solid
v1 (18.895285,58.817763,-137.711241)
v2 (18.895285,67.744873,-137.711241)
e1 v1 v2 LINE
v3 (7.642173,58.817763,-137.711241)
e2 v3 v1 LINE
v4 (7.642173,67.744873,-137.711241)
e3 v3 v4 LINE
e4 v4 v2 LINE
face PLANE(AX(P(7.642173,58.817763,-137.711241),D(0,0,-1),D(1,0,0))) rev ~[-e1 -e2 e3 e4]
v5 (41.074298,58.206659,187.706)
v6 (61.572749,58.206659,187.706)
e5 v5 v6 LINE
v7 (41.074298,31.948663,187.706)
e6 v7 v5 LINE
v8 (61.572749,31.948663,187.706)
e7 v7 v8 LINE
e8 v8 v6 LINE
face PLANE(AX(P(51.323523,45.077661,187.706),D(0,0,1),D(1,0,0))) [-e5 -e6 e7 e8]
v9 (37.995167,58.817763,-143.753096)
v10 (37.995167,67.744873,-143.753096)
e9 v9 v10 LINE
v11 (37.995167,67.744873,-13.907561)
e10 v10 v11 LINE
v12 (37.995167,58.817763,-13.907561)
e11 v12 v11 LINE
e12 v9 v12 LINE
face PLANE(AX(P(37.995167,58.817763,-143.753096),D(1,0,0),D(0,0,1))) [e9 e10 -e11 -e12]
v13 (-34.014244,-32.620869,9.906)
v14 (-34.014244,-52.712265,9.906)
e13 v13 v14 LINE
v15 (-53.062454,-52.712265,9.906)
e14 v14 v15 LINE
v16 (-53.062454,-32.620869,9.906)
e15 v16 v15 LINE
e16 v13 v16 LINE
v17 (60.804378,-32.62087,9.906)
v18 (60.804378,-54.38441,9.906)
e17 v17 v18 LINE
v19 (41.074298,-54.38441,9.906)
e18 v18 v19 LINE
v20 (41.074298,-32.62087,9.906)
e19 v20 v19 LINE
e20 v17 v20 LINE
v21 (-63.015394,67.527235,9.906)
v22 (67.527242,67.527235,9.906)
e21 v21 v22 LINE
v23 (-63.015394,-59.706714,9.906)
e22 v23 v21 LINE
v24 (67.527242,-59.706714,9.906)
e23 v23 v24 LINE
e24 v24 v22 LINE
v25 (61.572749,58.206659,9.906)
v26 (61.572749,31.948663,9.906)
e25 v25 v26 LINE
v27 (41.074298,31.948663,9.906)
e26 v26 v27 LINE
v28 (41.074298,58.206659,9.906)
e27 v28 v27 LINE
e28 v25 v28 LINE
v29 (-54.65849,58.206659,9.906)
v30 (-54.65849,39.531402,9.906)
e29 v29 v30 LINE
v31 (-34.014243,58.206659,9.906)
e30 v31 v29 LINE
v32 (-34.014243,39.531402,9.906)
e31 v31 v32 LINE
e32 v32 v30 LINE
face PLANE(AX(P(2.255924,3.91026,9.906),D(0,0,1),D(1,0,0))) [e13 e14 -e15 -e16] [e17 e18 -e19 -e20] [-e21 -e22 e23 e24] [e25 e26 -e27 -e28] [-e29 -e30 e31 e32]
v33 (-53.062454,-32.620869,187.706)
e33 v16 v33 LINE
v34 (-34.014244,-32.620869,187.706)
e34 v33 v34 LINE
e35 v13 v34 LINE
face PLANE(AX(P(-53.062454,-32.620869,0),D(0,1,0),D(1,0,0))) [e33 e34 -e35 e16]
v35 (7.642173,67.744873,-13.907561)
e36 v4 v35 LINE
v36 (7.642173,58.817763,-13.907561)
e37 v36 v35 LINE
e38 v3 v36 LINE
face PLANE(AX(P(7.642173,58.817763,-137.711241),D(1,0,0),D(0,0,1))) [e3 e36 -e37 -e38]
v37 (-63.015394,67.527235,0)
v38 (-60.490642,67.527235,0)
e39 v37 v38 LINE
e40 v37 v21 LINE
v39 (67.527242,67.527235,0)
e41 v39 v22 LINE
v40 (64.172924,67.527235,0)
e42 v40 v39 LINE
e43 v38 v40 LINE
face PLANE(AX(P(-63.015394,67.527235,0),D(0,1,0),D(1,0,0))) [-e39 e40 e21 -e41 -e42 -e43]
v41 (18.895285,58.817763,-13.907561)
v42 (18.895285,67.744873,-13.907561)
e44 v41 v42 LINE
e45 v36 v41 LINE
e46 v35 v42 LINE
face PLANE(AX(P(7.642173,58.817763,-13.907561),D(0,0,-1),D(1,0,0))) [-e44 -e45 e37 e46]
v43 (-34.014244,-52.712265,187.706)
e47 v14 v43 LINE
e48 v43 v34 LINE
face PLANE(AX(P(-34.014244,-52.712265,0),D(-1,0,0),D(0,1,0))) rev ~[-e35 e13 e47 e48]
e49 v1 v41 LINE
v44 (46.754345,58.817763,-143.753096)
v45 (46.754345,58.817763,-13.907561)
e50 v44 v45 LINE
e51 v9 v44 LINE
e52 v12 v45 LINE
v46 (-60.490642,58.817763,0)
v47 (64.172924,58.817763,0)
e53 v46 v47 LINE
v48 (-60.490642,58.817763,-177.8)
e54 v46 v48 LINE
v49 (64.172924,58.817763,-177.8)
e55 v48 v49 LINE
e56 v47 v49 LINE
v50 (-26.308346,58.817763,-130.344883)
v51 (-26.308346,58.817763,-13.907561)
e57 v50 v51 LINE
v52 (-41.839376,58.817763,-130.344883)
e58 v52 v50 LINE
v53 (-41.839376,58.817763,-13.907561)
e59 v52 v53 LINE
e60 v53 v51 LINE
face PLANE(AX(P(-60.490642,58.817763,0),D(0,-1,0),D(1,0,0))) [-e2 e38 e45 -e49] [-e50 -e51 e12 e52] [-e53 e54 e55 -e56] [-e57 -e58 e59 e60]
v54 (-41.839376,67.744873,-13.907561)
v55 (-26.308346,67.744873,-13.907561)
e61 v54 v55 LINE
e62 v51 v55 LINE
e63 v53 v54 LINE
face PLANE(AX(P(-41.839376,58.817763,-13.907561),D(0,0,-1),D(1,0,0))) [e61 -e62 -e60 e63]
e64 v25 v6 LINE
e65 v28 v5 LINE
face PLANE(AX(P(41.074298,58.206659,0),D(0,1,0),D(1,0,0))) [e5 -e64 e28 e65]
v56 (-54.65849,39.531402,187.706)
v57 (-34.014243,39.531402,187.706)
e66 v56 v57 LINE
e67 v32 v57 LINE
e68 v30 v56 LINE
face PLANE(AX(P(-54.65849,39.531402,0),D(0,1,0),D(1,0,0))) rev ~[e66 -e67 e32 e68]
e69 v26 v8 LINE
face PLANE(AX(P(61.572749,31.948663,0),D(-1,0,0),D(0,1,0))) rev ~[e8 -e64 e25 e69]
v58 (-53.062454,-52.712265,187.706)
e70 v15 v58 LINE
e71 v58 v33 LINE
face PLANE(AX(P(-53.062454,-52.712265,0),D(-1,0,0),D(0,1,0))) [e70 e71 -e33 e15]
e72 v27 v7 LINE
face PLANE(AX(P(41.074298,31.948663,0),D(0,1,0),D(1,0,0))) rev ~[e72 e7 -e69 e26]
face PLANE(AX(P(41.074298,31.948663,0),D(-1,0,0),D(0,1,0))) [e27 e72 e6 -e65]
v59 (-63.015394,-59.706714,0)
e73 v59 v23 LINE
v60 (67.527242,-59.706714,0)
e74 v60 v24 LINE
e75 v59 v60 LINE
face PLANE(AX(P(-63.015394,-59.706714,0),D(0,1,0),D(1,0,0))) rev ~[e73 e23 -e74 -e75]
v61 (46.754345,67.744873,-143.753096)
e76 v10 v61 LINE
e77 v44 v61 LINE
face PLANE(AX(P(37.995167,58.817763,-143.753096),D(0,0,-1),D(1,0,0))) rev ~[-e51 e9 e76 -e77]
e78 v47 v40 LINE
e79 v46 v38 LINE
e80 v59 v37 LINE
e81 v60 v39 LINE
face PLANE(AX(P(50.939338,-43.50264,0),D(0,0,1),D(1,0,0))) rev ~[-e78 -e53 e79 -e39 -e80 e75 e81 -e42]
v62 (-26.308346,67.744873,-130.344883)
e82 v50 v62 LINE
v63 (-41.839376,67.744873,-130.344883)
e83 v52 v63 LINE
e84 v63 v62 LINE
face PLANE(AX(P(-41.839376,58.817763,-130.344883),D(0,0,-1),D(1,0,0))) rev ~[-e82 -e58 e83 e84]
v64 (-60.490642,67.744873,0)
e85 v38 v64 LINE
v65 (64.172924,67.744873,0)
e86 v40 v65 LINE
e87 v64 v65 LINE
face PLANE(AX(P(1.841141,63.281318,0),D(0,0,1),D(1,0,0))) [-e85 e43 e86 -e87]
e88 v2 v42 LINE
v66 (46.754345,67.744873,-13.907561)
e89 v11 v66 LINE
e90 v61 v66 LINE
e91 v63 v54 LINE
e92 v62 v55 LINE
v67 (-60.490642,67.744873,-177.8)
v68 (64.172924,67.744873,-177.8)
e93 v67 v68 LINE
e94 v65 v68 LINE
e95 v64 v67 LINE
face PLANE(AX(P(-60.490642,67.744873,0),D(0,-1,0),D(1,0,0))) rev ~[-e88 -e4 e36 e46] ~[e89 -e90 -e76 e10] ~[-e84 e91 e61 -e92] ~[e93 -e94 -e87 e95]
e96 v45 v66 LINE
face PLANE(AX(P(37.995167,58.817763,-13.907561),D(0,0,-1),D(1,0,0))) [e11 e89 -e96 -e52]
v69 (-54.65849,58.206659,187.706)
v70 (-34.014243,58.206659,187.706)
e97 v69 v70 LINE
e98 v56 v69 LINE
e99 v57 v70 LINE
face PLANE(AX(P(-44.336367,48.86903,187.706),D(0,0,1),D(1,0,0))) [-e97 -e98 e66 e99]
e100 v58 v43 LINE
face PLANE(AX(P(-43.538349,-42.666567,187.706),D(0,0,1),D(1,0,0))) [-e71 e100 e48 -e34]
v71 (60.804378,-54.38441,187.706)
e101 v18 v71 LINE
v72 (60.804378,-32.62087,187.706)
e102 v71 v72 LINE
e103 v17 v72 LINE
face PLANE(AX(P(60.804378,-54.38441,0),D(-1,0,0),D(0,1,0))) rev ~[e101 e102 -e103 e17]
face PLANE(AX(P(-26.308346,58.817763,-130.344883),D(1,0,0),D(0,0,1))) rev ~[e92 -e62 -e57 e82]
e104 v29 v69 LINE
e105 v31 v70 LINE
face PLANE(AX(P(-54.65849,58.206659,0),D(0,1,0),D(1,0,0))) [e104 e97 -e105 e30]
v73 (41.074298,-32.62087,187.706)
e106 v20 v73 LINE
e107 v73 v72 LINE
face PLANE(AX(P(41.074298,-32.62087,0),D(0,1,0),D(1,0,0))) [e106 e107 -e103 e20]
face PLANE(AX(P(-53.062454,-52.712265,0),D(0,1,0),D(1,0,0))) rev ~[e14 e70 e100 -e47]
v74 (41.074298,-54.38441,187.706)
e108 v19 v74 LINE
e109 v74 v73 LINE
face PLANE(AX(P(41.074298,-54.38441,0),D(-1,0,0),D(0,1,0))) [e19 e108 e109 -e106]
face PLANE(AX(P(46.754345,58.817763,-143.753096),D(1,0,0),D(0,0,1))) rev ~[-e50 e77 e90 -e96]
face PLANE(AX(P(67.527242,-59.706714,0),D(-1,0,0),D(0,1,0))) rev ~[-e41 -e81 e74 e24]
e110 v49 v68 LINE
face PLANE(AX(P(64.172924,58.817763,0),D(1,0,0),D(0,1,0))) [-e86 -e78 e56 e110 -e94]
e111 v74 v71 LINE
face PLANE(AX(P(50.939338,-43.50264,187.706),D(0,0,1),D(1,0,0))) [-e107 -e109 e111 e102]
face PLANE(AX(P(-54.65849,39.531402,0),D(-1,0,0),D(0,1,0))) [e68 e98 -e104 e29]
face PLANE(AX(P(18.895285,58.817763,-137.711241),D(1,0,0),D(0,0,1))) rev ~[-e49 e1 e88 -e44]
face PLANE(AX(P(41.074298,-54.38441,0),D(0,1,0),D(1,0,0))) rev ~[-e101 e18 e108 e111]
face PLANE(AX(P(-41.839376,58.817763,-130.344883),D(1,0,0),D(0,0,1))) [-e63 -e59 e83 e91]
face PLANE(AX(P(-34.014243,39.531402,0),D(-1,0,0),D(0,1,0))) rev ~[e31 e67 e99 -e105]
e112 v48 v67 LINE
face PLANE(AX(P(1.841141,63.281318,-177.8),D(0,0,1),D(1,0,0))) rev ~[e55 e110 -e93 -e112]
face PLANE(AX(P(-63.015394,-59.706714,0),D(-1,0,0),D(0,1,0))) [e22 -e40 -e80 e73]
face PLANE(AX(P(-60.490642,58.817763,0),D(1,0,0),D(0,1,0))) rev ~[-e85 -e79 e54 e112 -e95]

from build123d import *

# Parameters (mm, degrees)
F0_W     = 130.542636
F0_H     = 127.233949
F1_DEPTH = 9.906
F2_W     = 19.73008
F2_H     = 21.76354
F2_W_2   = 20.498451
F2_H_2   = 26.257996
F2_W_3   = 20.644247
F2_H_3   = 18.675257
F2_W_4   = 19.04821
F2_H_4   = 20.091395
F3_DEPTH = 187.706
F4_W     = 124.663566
F4_H     = 8.92711
F5_DEPTH = 177.8
F6_W     = 8.759178
F6_H     = 129.845535
F6_W_2   = 11.253112
F6_H_2   = 123.803681
F6_W_3   = 15.531029
F6_H_3   = 116.437322
F7_DEPTH = 25.4


with BuildPart() as f1:
    # F0 (on Top) → F1 (new body)
    with BuildSketch(Plane.XY):
        with Locations((2.255924, 3.91026)):
            Rectangle(F0_W, F0_H)
    extrude(amount=F1_DEPTH)

    # F2 (on face) → F3 (join)
    with BuildSketch(Plane.XY):
        with Locations((50.939338, -43.50264)):
            Rectangle(F2_W, F2_H)
        with Locations((51.323523, 45.077661)):
            Rectangle(F2_W_2, F2_H_2)
        with Locations((-44.336367, 48.86903)):
            Rectangle(F2_W_3, F2_H_3)
        with Locations((-43.538349, -42.666567)):
            Rectangle(F2_W_4, F2_H_4)
    extrude(amount=F3_DEPTH)

    # F4 (on face) → F5 (join)
    with BuildSketch(Plane.XY):
        with Locations((1.841141, 63.281318)):
            Rectangle(F4_W, F4_H)
    extrude(amount=-F5_DEPTH)

    # F6 (on face) → F7 (cut)
    with BuildSketch(Plane.XZ.offset(-58.817763)):
        with Locations((42.374756, -78.830328)):
            Rectangle(F6_W, F6_H)
        with Locations((13.268729, -75.809401)):
            Rectangle(F6_W_2, F6_H_2)
        with Locations((-34.073861, -72.126222)):
            Rectangle(F6_W_3, F6_H_3)
    extrude(amount=-F7_DEPTH, mode=Mode.SUBTRACT)


solid = f1.part
